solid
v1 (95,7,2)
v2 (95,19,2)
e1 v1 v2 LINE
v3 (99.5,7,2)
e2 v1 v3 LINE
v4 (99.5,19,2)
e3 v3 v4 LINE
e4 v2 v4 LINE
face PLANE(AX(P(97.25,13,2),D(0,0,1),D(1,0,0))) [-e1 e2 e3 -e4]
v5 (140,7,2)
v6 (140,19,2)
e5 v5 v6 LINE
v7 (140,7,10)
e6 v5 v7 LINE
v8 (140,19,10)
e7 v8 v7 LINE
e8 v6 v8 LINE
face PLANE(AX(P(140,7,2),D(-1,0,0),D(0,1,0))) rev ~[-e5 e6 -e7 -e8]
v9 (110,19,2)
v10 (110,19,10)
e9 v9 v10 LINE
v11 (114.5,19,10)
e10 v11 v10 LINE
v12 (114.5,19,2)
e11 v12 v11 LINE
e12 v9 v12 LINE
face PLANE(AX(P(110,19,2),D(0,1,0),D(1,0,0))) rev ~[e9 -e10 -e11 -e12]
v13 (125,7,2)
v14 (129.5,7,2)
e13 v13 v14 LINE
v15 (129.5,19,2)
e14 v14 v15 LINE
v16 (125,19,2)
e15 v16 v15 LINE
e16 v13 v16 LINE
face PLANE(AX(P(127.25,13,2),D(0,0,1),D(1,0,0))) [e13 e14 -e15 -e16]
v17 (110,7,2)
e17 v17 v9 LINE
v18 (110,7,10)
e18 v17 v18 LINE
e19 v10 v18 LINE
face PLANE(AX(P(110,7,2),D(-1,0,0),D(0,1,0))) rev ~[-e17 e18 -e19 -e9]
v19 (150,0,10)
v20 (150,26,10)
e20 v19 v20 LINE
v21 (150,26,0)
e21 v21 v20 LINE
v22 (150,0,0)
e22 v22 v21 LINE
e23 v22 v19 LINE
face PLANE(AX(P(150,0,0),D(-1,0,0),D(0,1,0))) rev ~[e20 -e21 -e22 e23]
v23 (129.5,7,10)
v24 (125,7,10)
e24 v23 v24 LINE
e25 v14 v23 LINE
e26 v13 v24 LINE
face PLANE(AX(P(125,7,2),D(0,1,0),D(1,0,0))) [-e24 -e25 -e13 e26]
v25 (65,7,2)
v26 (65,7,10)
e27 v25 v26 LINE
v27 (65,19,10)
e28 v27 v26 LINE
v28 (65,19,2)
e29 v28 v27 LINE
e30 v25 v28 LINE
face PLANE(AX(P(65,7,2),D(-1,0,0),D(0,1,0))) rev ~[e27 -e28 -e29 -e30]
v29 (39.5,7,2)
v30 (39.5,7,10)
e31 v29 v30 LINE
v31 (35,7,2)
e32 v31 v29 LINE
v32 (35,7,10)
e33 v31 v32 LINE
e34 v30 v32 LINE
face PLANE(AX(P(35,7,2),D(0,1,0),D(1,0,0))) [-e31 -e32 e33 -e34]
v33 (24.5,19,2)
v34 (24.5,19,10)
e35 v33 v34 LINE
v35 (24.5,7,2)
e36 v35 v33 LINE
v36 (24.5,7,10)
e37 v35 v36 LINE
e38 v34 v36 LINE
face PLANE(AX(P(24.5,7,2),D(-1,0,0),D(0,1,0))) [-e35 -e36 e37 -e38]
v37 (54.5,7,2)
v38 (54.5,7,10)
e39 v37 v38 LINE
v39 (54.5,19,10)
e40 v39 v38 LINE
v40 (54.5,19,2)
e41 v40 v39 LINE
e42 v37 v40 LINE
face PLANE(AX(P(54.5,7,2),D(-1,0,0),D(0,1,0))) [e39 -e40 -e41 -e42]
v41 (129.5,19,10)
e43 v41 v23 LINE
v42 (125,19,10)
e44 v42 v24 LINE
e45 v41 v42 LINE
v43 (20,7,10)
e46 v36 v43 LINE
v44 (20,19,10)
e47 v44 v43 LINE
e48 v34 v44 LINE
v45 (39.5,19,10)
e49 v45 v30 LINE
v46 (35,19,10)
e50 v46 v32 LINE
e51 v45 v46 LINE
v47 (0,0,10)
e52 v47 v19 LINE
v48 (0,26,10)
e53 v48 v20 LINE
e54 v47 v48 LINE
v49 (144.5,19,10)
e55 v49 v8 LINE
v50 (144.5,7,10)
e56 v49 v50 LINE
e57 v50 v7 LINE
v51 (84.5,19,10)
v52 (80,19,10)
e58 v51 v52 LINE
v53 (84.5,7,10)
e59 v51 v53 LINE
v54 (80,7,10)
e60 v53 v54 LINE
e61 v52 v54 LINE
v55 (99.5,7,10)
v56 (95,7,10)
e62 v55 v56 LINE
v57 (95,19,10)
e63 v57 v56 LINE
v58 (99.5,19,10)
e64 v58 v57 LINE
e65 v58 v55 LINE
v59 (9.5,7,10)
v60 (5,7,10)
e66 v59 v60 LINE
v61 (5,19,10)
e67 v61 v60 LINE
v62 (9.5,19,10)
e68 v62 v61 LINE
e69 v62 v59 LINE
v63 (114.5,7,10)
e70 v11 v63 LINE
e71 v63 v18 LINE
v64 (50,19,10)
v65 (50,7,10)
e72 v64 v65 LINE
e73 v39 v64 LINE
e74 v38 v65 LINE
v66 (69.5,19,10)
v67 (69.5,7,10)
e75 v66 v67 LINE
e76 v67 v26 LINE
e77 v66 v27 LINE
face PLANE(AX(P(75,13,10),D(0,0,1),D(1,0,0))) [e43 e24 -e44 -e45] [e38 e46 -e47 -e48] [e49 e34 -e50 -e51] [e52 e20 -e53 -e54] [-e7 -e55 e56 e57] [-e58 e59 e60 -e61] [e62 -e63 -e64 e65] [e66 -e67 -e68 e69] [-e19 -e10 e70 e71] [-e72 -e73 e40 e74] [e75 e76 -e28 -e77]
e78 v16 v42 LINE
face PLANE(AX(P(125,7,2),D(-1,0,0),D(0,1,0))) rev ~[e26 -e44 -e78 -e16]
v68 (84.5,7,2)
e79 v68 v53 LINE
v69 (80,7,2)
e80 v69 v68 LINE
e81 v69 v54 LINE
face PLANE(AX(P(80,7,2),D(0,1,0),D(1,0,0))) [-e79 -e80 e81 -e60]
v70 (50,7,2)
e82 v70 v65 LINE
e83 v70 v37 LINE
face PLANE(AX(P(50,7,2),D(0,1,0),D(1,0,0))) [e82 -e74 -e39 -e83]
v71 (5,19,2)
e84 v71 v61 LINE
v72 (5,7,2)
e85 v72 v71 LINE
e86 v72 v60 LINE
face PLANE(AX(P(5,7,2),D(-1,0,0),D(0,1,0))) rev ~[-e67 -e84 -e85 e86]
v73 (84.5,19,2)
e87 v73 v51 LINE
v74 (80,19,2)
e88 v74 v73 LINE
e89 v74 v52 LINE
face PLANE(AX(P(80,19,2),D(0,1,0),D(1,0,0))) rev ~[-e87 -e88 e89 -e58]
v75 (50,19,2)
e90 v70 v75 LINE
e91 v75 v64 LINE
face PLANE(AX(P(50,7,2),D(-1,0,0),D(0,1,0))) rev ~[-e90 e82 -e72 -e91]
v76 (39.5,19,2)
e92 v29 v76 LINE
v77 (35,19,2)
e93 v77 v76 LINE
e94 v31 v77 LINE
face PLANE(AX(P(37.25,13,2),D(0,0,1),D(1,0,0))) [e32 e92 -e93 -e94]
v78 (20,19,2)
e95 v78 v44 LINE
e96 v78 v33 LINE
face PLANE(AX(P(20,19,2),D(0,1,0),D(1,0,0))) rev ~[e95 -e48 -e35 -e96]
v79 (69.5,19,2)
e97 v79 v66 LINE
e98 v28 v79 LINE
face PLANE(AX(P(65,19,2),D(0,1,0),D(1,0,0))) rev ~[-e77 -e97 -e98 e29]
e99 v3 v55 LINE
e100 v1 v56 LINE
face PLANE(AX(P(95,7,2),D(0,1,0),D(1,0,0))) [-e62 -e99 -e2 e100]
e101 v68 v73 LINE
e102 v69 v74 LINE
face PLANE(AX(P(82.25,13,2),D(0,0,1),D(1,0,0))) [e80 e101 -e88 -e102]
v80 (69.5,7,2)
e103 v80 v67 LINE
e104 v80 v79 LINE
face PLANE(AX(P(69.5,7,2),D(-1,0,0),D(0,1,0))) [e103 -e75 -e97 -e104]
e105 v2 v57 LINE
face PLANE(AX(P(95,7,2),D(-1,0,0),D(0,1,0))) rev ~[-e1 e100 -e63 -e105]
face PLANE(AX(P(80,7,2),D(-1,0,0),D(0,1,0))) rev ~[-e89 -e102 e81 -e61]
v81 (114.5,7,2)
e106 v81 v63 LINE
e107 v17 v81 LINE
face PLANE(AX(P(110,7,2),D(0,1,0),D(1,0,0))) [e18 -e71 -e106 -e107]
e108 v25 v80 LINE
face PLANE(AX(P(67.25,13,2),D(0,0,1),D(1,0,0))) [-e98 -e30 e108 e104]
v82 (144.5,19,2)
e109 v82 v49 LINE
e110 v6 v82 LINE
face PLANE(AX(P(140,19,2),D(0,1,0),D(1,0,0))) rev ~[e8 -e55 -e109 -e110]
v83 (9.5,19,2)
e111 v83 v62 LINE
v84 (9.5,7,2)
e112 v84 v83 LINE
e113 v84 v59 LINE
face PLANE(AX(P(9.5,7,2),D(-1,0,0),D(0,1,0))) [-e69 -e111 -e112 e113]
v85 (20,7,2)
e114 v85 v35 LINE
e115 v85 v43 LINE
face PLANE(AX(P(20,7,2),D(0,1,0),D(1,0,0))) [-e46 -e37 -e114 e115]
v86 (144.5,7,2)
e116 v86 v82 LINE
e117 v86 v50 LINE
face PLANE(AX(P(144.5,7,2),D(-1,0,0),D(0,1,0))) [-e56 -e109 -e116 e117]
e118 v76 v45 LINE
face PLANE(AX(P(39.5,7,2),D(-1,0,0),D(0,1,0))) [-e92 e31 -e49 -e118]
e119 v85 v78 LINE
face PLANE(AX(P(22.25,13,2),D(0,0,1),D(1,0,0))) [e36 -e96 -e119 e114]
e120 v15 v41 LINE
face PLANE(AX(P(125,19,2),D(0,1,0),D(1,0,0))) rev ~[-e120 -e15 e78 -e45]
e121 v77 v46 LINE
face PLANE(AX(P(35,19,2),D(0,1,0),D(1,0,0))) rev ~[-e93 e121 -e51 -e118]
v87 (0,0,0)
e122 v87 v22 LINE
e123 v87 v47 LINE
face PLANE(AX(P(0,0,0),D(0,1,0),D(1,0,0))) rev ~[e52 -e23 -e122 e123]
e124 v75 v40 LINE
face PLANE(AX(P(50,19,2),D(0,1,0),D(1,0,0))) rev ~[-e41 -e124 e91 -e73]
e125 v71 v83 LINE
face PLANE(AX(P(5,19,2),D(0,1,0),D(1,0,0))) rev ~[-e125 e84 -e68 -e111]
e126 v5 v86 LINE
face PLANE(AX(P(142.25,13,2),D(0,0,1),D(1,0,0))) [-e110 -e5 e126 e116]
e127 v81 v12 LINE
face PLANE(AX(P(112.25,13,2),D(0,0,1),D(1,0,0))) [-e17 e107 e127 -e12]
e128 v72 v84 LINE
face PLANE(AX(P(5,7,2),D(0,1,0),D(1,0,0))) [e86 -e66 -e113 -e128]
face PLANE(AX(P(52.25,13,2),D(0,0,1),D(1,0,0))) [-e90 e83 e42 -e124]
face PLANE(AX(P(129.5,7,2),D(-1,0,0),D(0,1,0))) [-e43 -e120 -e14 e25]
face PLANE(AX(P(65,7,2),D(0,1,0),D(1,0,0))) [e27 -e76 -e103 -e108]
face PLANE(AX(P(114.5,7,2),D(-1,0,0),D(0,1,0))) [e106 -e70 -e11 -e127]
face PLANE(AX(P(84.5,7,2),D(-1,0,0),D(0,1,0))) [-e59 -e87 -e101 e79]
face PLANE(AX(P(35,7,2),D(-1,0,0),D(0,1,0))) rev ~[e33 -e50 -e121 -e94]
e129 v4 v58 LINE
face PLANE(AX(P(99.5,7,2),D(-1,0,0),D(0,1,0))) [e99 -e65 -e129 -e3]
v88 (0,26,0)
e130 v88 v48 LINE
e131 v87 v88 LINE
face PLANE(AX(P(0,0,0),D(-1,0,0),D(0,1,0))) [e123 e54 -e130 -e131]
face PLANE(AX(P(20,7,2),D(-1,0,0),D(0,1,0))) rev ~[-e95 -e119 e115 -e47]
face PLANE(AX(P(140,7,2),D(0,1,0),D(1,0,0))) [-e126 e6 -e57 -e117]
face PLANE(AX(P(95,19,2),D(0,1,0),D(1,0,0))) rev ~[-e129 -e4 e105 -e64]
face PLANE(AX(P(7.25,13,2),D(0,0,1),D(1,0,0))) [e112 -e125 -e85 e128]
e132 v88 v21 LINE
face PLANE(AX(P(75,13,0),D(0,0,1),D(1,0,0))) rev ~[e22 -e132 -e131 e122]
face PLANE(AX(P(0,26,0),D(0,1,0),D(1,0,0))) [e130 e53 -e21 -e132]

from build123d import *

# Parameters (mm, degrees)
BOX001_W      = 4.5
BOX001_H      = 12
BOX001_DEPTH  = 15
ARRAY_X_COUNT = 10
ARRAY_X_PITCH = 15
BOX_W         = 150
BOX_H         = 26
BOX_DEPTH     = 10


with BuildPart() as array:
    # Box001 → Box001 (new body)
    with BuildSketch(Plane(origin=(5, 7, 2), x_dir=(1, 0, 0), z_dir=(0, 0, 1))):
        with Locations((2.25, 6)):
            Rectangle(BOX001_W, BOX001_H)
    extrude(amount=BOX001_DEPTH)

    # Array X: Array ×10


with BuildPart() as array_1:
    add(array.part)
    with Locations(*[(i * ARRAY_X_PITCH, 0, 0) for i in range(1, ARRAY_X_COUNT)]):
        add(array.part)


with BuildPart() as cut:
    # Box → Box (new body)
    with BuildSketch(Plane.XY):
        with Locations((75, 13)):
            Rectangle(BOX_W, BOX_H)
    extrude(amount=BOX_DEPTH)

    # Cut: cut Array
    add(array_1.part, mode=Mode.SUBTRACT)


solid = cut.part
